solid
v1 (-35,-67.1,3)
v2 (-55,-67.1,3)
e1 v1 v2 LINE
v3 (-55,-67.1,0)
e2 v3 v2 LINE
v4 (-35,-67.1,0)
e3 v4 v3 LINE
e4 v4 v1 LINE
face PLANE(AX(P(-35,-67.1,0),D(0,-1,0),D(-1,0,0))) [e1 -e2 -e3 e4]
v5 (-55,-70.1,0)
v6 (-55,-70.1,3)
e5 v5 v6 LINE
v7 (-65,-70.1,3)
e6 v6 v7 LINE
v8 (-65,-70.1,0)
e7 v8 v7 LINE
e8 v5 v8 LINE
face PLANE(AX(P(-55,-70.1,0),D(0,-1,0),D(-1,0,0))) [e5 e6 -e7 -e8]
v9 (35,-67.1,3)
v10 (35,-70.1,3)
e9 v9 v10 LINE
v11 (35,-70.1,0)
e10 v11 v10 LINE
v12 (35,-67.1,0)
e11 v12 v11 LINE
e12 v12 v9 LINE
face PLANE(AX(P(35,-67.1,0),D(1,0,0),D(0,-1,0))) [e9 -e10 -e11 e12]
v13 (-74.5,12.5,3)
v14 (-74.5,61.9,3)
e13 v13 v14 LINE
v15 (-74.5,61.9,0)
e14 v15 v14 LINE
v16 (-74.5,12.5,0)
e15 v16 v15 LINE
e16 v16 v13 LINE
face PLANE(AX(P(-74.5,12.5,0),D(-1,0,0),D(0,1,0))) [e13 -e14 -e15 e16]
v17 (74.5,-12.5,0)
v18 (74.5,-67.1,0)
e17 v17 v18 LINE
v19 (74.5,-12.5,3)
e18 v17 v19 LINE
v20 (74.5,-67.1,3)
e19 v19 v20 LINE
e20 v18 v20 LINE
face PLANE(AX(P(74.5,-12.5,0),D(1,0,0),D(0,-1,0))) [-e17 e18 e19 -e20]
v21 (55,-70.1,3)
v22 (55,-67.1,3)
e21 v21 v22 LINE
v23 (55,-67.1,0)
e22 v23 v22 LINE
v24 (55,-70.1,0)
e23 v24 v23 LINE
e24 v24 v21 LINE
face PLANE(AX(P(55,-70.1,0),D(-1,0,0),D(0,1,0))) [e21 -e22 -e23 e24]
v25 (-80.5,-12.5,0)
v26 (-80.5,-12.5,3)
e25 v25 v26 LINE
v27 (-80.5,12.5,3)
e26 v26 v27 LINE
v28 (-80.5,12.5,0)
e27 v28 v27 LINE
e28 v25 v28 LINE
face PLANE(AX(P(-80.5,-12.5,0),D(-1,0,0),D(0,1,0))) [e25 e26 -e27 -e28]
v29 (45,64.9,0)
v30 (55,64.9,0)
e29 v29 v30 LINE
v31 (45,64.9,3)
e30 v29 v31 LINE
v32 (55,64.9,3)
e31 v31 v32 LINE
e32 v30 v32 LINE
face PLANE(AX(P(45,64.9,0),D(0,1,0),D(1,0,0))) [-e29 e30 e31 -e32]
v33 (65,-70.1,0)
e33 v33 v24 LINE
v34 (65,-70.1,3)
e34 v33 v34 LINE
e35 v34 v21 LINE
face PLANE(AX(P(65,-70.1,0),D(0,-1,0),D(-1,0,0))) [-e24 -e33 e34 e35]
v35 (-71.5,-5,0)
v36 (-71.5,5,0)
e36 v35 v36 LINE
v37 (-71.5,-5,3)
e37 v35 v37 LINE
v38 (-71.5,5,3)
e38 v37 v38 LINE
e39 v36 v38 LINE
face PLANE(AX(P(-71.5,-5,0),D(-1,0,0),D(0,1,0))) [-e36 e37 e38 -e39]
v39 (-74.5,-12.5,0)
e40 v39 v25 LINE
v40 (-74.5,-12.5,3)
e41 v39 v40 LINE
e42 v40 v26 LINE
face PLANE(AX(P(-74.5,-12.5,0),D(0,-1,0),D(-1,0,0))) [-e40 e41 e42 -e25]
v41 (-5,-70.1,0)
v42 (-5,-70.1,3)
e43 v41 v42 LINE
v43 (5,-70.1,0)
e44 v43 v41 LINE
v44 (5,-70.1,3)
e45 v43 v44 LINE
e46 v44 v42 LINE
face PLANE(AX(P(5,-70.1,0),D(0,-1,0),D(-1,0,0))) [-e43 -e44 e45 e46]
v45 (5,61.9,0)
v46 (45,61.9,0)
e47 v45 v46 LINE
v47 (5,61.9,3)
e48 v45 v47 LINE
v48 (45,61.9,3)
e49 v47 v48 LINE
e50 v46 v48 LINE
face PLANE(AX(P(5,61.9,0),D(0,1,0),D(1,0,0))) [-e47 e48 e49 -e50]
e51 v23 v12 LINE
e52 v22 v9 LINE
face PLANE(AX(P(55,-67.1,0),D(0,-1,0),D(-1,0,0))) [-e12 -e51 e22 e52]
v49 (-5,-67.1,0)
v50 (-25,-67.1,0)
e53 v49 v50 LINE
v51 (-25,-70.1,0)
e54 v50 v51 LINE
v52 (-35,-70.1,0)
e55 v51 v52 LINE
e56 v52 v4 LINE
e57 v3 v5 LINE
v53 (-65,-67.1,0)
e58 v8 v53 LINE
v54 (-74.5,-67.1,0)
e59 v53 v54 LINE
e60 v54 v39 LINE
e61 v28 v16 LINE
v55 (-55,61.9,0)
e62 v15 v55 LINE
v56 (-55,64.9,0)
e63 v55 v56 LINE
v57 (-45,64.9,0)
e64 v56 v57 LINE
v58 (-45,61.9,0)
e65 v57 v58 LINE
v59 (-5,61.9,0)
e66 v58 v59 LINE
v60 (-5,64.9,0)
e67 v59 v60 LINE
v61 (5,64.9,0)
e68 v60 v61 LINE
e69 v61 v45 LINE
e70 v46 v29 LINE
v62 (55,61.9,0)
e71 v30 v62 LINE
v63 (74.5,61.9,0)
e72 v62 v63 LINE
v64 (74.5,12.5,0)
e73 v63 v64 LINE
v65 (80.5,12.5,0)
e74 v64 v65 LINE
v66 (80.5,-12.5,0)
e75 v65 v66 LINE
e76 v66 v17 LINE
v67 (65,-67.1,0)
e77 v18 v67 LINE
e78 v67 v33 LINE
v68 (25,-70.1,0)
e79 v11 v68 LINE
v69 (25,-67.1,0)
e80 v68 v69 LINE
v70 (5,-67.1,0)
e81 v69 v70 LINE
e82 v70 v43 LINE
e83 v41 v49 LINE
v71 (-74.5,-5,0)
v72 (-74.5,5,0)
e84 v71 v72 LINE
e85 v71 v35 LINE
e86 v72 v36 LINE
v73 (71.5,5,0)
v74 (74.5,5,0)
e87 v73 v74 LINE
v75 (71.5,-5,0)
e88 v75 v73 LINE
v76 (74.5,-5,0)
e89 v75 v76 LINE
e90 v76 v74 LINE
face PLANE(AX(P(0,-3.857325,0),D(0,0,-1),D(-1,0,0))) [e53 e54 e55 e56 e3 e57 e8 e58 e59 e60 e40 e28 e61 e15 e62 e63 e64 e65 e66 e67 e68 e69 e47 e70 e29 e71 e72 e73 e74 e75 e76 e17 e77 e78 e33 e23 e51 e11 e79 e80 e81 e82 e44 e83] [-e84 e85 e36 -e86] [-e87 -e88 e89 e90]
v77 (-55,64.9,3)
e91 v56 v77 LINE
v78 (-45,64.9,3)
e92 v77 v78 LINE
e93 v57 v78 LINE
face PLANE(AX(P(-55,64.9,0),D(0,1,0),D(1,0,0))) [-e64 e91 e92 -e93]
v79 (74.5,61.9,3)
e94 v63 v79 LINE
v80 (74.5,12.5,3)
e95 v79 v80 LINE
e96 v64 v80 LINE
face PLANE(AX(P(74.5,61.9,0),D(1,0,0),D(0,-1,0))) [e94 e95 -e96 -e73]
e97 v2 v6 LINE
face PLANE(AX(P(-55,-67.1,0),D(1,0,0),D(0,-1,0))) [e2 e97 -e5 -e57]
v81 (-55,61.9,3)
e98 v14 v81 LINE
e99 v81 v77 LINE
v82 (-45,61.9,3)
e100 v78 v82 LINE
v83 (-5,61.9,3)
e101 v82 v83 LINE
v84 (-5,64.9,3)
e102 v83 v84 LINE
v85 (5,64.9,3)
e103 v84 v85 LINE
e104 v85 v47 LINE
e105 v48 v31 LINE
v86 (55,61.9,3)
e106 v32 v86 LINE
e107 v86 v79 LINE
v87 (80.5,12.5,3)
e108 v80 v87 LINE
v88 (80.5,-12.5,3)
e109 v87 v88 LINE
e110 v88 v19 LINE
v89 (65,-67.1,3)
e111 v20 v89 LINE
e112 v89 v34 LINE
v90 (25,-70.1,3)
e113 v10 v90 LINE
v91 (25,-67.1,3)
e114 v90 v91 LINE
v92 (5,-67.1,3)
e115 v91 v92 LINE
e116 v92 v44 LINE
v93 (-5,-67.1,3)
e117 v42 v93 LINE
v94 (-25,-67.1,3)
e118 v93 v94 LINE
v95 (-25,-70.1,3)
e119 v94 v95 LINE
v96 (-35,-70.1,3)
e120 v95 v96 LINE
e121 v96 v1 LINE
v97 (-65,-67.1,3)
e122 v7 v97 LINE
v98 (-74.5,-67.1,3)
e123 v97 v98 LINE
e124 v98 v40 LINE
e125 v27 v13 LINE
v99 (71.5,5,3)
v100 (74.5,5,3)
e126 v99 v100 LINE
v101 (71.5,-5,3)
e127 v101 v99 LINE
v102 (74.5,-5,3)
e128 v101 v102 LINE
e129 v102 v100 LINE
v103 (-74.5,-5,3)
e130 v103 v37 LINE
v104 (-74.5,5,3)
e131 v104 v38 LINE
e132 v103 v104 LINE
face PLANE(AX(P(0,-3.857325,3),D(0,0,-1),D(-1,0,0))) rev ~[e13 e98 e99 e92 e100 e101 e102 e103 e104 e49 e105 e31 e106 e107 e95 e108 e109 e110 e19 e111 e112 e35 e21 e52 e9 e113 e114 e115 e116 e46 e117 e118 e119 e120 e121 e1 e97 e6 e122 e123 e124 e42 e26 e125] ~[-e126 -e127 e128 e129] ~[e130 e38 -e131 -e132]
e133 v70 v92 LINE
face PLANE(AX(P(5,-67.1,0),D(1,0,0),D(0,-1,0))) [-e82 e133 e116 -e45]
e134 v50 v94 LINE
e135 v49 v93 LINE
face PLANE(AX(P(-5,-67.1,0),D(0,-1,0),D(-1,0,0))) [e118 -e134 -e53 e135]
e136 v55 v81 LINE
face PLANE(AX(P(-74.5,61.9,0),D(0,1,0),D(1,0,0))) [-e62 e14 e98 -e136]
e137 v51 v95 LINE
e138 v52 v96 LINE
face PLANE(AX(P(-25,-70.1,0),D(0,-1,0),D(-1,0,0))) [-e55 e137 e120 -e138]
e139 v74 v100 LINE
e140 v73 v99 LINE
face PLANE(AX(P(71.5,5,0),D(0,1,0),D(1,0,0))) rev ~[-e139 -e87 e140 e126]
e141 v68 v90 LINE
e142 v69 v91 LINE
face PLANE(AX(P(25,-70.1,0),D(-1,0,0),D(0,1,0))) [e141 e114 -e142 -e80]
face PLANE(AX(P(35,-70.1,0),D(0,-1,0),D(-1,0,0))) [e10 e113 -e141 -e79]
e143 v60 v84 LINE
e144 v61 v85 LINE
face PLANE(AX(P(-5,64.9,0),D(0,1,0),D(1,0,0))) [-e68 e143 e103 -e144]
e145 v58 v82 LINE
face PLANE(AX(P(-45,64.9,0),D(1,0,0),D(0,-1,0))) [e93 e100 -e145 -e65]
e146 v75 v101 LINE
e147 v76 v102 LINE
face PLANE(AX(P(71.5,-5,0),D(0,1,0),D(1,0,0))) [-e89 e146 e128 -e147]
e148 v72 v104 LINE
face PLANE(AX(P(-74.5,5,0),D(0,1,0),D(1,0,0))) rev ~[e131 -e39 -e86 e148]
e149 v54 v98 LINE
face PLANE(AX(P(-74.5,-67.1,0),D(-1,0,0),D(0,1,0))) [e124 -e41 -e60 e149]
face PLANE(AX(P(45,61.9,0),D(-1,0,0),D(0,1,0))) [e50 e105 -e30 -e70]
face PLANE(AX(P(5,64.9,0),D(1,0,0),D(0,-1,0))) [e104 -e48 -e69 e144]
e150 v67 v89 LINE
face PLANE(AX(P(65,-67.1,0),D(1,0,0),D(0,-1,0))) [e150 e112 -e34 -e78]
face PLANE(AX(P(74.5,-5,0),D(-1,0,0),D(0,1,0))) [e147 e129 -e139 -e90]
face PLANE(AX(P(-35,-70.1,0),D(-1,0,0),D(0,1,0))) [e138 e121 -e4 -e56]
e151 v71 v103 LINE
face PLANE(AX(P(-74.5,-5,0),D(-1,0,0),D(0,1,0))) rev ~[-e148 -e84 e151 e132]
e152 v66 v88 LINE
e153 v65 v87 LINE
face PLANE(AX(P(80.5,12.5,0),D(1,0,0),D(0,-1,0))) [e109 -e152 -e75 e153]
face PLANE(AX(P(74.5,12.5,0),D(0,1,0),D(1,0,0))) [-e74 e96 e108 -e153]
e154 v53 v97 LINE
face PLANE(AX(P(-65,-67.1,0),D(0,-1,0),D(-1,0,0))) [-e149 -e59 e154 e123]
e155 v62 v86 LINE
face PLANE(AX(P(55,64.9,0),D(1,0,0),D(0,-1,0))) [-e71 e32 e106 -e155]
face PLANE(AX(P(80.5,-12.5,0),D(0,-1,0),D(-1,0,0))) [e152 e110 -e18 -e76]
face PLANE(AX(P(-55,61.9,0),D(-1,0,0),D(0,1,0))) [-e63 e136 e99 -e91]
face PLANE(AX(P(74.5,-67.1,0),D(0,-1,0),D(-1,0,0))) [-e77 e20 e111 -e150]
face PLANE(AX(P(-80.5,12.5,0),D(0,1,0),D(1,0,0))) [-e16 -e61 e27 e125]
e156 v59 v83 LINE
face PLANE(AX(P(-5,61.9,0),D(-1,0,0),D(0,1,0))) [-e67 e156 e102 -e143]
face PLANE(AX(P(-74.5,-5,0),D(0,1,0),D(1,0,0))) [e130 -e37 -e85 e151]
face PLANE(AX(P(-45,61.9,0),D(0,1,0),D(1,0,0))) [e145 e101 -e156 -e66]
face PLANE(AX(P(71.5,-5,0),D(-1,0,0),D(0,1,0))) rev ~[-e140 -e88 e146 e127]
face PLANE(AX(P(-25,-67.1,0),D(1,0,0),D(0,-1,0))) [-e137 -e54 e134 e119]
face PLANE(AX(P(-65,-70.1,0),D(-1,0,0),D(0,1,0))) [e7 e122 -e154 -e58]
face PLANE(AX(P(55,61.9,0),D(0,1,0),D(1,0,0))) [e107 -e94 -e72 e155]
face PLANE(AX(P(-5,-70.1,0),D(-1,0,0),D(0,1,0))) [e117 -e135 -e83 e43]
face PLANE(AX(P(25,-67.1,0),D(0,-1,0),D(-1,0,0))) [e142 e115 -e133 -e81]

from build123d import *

# Parameters (mm, degrees)
SKETCH1_W           = 3
SKETCH1_H           = 10
BOSS_EXTRUDE1_DEPTH = 3


with BuildPart() as part:
    # Sketch1 → Boss-Extrude1 (new body)
    with BuildSketch(Plane.XY):
        Polygon((-74.5, 61.9), (-55, 61.9), (-55, 64.9), (-45, 64.9), (-45, 61.9), (-5, 61.9), (-5, 64.9), (5, 64.9), (5, 61.9), (45, 61.9), (45, 64.9), (55, 64.9), (55, 61.9), (74.5, 61.9), (74.5, 12.5), (80.5, 12.5), (80.5, -12.5), (74.5, -12.5), (74.5, -67.1), (65, -67.1), (65, -70.1), (55, -70.1), (55, -67.1), (35, -67.1), (35, -70.1), (25, -70.1), (25, -67.1), (5, -67.1), (5, -70.1), (-5, -70.1), (-5, -67.1), (-25, -67.1), (-25, -70.1), (-35, -70.1), (-35, -67.1), (-55, -67.1), (-55, -70.1), (-65, -70.1), (-65, -67.1), (-74.5, -67.1), (-74.5, -12.5), (-80.5, -12.5), (-80.5, 12.5), (-74.5, 12.5), align=None)
        with Locations((73, 0)):
            Rectangle(SKETCH1_W, SKETCH1_H, mode=Mode.SUBTRACT)
        with Locations((-73, 0)):
            Rectangle(SKETCH1_W, SKETCH1_H, mode=Mode.SUBTRACT)
    extrude(amount=BOSS_EXTRUDE1_DEPTH)


solid = part.part
